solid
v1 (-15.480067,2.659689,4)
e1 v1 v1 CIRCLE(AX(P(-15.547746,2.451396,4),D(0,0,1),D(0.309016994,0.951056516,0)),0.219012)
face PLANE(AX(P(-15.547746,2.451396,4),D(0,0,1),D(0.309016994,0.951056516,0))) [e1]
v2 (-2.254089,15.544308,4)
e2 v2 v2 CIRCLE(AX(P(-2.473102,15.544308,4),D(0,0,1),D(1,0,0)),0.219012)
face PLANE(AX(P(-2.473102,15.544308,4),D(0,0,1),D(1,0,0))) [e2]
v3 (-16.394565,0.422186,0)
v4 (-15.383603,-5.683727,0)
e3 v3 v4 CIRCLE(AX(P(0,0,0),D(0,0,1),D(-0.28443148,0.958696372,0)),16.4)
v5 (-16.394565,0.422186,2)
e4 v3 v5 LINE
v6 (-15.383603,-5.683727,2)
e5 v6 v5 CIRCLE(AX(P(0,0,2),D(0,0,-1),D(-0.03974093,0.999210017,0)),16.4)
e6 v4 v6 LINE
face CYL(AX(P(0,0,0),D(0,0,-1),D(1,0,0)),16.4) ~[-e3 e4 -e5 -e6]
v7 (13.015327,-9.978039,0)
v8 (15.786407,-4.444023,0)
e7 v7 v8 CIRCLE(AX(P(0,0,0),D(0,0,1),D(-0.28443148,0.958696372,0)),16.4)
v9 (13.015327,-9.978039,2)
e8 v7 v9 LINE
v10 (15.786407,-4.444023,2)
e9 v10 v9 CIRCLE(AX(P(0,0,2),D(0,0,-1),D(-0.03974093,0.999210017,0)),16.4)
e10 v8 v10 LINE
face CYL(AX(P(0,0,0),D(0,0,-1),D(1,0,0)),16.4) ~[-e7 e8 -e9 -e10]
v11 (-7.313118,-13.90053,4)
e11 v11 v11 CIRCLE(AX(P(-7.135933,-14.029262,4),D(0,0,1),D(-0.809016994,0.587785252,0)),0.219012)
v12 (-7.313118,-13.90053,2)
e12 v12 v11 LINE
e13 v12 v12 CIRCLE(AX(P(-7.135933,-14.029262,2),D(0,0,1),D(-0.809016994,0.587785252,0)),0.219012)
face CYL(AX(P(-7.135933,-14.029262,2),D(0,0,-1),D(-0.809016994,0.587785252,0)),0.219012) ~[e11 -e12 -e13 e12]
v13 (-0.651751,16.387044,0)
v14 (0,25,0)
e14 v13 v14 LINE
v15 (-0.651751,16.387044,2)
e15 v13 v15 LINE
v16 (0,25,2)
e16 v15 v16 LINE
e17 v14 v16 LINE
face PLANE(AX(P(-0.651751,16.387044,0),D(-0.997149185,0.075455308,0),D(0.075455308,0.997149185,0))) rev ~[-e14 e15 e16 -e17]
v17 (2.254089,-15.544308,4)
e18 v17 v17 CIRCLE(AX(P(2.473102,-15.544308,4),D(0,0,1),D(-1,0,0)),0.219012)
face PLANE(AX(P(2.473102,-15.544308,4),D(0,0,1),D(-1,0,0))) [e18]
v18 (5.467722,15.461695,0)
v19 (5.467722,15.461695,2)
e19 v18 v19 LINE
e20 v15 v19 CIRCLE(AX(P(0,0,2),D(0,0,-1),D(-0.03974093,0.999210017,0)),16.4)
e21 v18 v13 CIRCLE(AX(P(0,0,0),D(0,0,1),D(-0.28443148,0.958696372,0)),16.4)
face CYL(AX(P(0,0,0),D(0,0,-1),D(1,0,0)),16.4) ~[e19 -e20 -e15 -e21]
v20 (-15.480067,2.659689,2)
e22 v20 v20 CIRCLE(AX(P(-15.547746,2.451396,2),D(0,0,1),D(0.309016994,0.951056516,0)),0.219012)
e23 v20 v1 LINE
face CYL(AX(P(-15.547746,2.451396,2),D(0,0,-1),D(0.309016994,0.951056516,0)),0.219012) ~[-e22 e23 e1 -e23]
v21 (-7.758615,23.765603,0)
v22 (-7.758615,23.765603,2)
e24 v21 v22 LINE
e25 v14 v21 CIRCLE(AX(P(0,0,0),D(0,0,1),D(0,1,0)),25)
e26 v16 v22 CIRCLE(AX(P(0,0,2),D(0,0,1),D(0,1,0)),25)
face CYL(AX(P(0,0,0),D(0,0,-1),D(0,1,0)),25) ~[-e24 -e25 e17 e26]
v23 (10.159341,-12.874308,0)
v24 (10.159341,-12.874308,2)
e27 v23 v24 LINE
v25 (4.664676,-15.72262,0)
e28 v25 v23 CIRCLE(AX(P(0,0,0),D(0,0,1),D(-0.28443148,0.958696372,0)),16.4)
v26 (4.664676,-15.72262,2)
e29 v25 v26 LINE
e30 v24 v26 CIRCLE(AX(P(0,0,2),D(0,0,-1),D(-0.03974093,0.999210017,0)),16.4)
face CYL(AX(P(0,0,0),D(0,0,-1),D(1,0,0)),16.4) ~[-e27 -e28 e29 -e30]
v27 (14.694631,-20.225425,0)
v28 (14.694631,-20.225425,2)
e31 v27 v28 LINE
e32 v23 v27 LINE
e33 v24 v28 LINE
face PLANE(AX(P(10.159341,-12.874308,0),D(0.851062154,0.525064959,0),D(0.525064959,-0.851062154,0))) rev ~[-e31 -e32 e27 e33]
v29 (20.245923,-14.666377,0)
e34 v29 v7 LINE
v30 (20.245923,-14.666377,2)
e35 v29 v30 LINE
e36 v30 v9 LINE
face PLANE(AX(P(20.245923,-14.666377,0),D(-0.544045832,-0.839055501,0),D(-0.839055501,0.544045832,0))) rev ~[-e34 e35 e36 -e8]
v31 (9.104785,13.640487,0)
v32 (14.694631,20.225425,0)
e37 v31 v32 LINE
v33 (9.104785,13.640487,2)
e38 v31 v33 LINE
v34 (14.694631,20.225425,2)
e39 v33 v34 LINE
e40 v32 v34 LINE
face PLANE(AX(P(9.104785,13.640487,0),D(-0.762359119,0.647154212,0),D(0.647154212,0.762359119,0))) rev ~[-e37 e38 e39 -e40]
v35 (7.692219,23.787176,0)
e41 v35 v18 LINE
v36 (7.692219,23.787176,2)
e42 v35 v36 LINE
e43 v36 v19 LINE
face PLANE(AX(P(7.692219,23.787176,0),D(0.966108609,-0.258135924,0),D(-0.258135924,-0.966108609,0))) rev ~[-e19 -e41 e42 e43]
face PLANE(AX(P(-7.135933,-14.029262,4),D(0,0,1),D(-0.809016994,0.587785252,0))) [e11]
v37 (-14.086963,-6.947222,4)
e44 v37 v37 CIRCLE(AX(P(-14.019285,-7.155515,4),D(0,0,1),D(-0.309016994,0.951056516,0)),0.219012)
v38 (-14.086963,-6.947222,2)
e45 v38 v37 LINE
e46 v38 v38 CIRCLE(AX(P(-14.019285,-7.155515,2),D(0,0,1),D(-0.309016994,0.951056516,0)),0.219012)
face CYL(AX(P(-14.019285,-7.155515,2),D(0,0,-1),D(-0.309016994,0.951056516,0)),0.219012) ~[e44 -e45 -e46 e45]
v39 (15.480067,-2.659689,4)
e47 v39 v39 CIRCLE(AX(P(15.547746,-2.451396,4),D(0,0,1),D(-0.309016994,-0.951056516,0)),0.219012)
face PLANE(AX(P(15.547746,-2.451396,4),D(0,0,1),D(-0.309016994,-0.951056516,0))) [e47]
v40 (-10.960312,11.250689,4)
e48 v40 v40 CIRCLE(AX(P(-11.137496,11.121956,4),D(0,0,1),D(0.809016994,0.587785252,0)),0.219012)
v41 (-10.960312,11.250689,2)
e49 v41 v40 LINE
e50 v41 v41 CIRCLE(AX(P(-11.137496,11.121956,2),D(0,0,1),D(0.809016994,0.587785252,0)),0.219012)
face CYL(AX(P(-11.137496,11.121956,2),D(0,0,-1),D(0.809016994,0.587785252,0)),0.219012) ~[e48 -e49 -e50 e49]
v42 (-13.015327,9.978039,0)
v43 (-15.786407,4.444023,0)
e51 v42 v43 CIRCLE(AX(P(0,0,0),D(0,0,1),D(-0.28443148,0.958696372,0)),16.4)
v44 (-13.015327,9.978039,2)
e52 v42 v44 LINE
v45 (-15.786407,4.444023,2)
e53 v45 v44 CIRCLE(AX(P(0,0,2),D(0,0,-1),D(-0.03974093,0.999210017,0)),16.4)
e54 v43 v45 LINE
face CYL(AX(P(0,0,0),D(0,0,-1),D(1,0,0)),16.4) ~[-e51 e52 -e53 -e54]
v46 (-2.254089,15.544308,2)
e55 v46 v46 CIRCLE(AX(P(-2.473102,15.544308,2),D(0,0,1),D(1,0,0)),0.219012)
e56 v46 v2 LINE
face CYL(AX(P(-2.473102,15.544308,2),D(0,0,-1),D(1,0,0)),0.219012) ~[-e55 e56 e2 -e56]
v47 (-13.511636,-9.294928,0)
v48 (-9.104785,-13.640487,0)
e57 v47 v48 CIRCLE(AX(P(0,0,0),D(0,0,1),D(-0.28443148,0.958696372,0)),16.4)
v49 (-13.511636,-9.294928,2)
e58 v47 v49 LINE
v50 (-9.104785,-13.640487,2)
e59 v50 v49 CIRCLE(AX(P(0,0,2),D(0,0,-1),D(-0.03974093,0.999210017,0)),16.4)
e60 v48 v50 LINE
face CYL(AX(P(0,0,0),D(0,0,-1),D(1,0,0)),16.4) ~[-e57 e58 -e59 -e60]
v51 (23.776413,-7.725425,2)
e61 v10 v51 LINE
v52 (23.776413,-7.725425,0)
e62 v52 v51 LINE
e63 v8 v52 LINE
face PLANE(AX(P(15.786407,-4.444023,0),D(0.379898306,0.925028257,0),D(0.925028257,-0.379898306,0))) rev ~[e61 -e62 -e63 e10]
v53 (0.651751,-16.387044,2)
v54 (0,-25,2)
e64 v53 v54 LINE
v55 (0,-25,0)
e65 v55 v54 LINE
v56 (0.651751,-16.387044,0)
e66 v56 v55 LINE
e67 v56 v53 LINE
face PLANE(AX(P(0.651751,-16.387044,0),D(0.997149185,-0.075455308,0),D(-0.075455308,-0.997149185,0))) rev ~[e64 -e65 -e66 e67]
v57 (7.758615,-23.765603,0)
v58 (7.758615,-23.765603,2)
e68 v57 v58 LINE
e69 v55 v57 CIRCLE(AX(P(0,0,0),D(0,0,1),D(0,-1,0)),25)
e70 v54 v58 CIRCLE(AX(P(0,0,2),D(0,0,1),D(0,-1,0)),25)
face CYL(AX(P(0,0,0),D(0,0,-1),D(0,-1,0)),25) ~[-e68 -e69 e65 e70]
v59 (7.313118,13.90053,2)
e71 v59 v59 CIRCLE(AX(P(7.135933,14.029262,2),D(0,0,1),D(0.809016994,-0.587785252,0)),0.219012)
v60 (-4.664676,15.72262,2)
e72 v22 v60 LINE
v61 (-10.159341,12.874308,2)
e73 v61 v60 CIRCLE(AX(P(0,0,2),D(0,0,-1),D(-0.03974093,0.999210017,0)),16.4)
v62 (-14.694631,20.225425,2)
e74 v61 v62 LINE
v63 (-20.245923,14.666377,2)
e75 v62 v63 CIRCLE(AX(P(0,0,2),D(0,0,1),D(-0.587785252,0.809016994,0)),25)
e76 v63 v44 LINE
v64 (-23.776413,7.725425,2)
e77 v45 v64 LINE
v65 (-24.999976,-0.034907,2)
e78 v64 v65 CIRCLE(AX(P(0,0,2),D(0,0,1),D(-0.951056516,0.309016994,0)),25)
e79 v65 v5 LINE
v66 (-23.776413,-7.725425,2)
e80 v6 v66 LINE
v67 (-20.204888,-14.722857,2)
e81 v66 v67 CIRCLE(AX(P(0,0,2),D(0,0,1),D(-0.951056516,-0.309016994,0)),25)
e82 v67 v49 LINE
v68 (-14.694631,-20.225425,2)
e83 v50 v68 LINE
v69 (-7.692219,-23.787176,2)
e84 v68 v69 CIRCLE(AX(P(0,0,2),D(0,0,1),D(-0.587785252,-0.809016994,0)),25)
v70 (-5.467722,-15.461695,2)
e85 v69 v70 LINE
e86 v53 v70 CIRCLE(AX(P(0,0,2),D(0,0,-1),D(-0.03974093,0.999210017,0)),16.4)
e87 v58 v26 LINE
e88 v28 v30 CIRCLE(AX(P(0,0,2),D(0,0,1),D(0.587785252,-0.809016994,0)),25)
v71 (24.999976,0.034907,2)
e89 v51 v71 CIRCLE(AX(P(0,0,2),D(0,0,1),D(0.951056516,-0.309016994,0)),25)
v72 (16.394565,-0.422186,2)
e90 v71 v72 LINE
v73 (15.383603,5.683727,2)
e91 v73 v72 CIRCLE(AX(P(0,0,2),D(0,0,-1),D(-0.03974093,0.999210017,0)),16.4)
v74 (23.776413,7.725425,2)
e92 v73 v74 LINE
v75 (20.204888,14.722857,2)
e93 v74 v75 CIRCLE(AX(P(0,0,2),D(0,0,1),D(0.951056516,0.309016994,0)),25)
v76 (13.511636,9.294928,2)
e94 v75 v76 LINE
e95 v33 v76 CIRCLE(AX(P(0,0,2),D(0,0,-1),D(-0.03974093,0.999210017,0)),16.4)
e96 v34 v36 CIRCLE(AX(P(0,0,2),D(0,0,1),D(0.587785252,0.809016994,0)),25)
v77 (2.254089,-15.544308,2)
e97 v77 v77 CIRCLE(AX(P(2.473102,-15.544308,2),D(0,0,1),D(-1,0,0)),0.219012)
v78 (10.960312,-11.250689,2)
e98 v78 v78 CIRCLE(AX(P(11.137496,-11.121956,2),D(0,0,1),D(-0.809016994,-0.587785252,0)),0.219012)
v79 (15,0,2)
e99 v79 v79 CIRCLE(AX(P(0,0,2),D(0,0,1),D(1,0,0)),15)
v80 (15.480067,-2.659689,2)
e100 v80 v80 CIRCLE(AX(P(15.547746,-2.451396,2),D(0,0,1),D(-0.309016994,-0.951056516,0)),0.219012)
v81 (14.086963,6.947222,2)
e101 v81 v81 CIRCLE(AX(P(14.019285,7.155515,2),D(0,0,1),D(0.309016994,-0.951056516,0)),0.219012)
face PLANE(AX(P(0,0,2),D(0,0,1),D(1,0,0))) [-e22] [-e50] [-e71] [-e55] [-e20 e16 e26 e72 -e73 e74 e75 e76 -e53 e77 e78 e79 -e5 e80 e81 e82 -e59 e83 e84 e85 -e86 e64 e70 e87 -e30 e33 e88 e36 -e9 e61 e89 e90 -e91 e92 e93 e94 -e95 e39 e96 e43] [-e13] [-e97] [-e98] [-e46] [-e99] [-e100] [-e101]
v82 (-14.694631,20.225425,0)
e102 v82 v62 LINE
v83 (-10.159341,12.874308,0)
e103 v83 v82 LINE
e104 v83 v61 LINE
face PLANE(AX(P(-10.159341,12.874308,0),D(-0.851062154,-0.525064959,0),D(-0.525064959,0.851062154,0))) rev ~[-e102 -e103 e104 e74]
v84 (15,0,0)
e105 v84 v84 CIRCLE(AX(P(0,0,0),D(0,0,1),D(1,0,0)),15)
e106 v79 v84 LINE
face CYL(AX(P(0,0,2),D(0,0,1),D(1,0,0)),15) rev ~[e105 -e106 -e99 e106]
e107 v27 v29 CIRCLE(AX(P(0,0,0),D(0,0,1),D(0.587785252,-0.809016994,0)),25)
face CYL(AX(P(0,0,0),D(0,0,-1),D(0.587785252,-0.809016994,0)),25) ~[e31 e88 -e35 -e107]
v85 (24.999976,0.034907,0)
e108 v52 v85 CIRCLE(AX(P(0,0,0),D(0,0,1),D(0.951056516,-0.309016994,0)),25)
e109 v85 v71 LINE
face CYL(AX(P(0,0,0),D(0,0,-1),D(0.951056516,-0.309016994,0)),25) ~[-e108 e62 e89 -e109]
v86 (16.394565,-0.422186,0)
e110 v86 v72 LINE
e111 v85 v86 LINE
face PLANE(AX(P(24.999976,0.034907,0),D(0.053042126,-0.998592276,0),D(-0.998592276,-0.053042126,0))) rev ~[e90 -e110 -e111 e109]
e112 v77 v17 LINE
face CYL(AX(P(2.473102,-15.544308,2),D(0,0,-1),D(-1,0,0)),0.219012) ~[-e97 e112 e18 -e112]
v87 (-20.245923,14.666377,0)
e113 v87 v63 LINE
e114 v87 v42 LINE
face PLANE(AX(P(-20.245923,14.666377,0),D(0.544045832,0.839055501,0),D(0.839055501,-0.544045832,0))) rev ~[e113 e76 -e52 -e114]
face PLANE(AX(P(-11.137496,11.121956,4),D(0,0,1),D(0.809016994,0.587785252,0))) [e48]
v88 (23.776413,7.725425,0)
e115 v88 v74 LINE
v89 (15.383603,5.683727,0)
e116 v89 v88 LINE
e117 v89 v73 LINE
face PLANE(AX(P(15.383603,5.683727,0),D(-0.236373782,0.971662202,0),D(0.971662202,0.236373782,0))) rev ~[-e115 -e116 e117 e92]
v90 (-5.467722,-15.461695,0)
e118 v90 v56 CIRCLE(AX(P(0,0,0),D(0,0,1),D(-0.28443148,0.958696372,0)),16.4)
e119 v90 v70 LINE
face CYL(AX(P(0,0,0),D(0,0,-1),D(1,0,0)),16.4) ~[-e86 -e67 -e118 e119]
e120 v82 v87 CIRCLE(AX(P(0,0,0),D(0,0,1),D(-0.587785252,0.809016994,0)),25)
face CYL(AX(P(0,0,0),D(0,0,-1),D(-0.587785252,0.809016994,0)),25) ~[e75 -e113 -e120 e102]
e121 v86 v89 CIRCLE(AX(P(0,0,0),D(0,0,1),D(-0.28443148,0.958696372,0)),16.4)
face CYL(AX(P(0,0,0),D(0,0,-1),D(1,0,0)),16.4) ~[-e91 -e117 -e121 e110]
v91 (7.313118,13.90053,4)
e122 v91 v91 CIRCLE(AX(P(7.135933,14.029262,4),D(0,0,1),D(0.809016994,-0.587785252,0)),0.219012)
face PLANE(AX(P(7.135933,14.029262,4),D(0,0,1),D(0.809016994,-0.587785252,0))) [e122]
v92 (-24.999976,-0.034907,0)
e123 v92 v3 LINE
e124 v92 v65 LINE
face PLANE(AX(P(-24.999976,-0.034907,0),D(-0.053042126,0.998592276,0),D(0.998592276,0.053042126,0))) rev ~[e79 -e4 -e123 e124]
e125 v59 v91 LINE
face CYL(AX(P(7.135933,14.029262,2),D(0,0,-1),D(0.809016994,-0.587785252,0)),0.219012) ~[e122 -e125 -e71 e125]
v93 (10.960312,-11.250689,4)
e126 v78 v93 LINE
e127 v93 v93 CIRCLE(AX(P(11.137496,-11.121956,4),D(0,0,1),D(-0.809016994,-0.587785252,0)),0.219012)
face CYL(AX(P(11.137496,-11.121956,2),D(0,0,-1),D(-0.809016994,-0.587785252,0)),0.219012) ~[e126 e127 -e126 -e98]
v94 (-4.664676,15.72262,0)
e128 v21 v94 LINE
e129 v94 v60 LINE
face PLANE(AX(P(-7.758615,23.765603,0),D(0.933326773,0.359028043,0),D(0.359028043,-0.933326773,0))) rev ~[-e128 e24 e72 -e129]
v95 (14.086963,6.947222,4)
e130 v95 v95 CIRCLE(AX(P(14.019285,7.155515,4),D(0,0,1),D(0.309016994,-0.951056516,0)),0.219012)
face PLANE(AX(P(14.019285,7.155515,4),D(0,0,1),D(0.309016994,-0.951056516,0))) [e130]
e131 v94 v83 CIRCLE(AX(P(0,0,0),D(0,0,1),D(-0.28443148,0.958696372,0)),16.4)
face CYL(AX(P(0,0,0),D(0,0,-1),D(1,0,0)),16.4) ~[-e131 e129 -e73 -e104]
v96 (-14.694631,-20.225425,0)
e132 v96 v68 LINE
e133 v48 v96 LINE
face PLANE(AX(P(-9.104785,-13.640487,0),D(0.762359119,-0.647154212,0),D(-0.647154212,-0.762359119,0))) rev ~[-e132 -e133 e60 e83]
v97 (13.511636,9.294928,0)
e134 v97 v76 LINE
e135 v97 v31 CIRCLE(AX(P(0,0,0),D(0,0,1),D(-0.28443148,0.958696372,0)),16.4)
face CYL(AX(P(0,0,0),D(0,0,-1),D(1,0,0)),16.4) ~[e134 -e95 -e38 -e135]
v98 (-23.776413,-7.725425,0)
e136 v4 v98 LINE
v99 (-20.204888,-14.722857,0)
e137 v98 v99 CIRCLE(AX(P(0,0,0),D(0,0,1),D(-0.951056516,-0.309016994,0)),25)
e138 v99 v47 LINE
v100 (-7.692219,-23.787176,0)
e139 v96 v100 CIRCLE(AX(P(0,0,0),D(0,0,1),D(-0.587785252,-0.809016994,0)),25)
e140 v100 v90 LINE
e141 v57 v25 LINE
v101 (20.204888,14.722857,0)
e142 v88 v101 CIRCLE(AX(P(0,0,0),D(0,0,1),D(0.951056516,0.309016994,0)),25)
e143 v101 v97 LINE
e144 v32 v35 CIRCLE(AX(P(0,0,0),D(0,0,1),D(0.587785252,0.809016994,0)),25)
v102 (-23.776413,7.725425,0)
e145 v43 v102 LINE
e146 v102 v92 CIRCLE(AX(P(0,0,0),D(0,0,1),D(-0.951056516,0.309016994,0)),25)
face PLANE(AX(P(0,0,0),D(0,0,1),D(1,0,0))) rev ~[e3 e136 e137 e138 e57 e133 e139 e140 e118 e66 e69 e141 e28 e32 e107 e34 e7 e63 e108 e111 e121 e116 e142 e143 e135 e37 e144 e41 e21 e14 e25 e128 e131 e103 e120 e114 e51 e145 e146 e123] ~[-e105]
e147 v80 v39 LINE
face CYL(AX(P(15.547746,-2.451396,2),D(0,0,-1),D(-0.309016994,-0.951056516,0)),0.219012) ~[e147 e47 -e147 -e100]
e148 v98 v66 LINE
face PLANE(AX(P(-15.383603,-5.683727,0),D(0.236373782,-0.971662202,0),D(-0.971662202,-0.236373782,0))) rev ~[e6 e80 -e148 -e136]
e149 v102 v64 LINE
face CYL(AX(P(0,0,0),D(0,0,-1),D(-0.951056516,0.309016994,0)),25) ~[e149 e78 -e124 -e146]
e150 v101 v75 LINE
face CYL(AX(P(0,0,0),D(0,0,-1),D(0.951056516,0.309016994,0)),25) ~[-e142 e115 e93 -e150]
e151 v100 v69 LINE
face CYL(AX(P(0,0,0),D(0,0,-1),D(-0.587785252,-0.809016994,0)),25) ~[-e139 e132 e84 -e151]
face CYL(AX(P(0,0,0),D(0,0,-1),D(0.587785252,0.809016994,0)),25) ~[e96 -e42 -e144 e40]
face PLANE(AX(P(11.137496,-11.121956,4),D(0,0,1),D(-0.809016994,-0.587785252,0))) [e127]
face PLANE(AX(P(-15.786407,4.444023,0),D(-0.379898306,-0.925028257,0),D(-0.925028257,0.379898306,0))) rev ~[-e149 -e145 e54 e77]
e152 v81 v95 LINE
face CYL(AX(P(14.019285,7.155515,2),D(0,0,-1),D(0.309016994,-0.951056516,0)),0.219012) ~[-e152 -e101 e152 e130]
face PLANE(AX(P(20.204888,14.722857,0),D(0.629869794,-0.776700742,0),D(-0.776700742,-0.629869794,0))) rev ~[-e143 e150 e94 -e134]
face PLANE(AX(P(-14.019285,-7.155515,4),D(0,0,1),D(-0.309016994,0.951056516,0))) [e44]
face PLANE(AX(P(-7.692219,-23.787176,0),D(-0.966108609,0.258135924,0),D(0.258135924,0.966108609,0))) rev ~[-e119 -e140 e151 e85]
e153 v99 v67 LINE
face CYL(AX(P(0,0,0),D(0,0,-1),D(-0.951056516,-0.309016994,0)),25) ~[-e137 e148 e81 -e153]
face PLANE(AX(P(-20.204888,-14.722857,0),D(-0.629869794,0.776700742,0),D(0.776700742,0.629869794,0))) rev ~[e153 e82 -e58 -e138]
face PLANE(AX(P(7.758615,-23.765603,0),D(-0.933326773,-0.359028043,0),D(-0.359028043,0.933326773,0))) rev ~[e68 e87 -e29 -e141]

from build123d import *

# Parameters (mm, degrees)
SKETCH1_R            = 16.4
BOSS_EXTRUDE7_DEPTH  = 2
BOSS_EXTRUDE9_DEPTH  = 2
CIRPATTERN3_COUNT    = 10
SKETCH8_R            = 15
CUT_EXTRUDE6_DEPTH   = 2
SKETCH9_R            = 0.219012447
BOSS_EXTRUDE10_DEPTH = 2
CIRPATTERN4_COUNT    = 10


with BuildPart() as part:
    # Sketch1 → Boss-Extrude7 (new body)
    with BuildSketch(Plane.XY):
        Circle(SKETCH1_R)
    boss_extrude7 = extrude(amount=BOSS_EXTRUDE7_DEPTH)

    # Sketch7 → Boss-Extrude9 (add)
    with BuildSketch(Plane(origin=(0, 0, 0), x_dir=(-1, 0, 0), z_dir=(0, 0, -1))):
        with BuildLine():
            Line((7.758615453, 23.765603006), (4.664676273, 15.722620496))
            ThreePointArc((4.664676273, 15.722620496), (2.678892521, 16.179726044), (0.651751249, 16.387044282))
            Line((0.651751249, 16.387044282), (0, 25))
            ThreePointArc((0, 25), (3.928099085, 24.689472201), (7.758615453, 23.765603006))
        make_face()
    boss_extrude9 = extrude(amount=-BOSS_EXTRUDE9_DEPTH)

    # CirPattern3: Boss-Extrude7, Boss-Extrude9 ×10 about axis
    cirpattern3_axis = Axis((0, 0, 0), (0, 0, 1))
    add([boss_extrude7.rotate(cirpattern3_axis, i * 360 / CIRPATTERN3_COUNT) for i in range(1, CIRPATTERN3_COUNT)])
    add([boss_extrude9.rotate(cirpattern3_axis, i * 360 / CIRPATTERN3_COUNT) for i in range(1, CIRPATTERN3_COUNT)])

    # Sketch8 → Cut-Extrude6 (cut)
    with BuildSketch(Plane.XY.offset(2)):
        Circle(SKETCH8_R)
    extrude(amount=-CUT_EXTRUDE6_DEPTH, mode=Mode.SUBTRACT)

    # Sketch9 → Boss-Extrude10 (add)
    with BuildSketch(Plane.XY.offset(2)):
        with Locations((-2.473101921, 15.544307771)):
            Circle(SKETCH9_R)
    boss_extrude10 = extrude(amount=BOSS_EXTRUDE10_DEPTH)

    # CirPattern4: Boss-Extrude10 ×10 about axis
    cirpattern4_axis = Axis((0, 0, 0), (0, 0, 1))
    for i in range(1, CIRPATTERN4_COUNT):
        add(boss_extrude10.rotate(cirpattern4_axis, i * 360 / CIRPATTERN4_COUNT))


solid = part.part
